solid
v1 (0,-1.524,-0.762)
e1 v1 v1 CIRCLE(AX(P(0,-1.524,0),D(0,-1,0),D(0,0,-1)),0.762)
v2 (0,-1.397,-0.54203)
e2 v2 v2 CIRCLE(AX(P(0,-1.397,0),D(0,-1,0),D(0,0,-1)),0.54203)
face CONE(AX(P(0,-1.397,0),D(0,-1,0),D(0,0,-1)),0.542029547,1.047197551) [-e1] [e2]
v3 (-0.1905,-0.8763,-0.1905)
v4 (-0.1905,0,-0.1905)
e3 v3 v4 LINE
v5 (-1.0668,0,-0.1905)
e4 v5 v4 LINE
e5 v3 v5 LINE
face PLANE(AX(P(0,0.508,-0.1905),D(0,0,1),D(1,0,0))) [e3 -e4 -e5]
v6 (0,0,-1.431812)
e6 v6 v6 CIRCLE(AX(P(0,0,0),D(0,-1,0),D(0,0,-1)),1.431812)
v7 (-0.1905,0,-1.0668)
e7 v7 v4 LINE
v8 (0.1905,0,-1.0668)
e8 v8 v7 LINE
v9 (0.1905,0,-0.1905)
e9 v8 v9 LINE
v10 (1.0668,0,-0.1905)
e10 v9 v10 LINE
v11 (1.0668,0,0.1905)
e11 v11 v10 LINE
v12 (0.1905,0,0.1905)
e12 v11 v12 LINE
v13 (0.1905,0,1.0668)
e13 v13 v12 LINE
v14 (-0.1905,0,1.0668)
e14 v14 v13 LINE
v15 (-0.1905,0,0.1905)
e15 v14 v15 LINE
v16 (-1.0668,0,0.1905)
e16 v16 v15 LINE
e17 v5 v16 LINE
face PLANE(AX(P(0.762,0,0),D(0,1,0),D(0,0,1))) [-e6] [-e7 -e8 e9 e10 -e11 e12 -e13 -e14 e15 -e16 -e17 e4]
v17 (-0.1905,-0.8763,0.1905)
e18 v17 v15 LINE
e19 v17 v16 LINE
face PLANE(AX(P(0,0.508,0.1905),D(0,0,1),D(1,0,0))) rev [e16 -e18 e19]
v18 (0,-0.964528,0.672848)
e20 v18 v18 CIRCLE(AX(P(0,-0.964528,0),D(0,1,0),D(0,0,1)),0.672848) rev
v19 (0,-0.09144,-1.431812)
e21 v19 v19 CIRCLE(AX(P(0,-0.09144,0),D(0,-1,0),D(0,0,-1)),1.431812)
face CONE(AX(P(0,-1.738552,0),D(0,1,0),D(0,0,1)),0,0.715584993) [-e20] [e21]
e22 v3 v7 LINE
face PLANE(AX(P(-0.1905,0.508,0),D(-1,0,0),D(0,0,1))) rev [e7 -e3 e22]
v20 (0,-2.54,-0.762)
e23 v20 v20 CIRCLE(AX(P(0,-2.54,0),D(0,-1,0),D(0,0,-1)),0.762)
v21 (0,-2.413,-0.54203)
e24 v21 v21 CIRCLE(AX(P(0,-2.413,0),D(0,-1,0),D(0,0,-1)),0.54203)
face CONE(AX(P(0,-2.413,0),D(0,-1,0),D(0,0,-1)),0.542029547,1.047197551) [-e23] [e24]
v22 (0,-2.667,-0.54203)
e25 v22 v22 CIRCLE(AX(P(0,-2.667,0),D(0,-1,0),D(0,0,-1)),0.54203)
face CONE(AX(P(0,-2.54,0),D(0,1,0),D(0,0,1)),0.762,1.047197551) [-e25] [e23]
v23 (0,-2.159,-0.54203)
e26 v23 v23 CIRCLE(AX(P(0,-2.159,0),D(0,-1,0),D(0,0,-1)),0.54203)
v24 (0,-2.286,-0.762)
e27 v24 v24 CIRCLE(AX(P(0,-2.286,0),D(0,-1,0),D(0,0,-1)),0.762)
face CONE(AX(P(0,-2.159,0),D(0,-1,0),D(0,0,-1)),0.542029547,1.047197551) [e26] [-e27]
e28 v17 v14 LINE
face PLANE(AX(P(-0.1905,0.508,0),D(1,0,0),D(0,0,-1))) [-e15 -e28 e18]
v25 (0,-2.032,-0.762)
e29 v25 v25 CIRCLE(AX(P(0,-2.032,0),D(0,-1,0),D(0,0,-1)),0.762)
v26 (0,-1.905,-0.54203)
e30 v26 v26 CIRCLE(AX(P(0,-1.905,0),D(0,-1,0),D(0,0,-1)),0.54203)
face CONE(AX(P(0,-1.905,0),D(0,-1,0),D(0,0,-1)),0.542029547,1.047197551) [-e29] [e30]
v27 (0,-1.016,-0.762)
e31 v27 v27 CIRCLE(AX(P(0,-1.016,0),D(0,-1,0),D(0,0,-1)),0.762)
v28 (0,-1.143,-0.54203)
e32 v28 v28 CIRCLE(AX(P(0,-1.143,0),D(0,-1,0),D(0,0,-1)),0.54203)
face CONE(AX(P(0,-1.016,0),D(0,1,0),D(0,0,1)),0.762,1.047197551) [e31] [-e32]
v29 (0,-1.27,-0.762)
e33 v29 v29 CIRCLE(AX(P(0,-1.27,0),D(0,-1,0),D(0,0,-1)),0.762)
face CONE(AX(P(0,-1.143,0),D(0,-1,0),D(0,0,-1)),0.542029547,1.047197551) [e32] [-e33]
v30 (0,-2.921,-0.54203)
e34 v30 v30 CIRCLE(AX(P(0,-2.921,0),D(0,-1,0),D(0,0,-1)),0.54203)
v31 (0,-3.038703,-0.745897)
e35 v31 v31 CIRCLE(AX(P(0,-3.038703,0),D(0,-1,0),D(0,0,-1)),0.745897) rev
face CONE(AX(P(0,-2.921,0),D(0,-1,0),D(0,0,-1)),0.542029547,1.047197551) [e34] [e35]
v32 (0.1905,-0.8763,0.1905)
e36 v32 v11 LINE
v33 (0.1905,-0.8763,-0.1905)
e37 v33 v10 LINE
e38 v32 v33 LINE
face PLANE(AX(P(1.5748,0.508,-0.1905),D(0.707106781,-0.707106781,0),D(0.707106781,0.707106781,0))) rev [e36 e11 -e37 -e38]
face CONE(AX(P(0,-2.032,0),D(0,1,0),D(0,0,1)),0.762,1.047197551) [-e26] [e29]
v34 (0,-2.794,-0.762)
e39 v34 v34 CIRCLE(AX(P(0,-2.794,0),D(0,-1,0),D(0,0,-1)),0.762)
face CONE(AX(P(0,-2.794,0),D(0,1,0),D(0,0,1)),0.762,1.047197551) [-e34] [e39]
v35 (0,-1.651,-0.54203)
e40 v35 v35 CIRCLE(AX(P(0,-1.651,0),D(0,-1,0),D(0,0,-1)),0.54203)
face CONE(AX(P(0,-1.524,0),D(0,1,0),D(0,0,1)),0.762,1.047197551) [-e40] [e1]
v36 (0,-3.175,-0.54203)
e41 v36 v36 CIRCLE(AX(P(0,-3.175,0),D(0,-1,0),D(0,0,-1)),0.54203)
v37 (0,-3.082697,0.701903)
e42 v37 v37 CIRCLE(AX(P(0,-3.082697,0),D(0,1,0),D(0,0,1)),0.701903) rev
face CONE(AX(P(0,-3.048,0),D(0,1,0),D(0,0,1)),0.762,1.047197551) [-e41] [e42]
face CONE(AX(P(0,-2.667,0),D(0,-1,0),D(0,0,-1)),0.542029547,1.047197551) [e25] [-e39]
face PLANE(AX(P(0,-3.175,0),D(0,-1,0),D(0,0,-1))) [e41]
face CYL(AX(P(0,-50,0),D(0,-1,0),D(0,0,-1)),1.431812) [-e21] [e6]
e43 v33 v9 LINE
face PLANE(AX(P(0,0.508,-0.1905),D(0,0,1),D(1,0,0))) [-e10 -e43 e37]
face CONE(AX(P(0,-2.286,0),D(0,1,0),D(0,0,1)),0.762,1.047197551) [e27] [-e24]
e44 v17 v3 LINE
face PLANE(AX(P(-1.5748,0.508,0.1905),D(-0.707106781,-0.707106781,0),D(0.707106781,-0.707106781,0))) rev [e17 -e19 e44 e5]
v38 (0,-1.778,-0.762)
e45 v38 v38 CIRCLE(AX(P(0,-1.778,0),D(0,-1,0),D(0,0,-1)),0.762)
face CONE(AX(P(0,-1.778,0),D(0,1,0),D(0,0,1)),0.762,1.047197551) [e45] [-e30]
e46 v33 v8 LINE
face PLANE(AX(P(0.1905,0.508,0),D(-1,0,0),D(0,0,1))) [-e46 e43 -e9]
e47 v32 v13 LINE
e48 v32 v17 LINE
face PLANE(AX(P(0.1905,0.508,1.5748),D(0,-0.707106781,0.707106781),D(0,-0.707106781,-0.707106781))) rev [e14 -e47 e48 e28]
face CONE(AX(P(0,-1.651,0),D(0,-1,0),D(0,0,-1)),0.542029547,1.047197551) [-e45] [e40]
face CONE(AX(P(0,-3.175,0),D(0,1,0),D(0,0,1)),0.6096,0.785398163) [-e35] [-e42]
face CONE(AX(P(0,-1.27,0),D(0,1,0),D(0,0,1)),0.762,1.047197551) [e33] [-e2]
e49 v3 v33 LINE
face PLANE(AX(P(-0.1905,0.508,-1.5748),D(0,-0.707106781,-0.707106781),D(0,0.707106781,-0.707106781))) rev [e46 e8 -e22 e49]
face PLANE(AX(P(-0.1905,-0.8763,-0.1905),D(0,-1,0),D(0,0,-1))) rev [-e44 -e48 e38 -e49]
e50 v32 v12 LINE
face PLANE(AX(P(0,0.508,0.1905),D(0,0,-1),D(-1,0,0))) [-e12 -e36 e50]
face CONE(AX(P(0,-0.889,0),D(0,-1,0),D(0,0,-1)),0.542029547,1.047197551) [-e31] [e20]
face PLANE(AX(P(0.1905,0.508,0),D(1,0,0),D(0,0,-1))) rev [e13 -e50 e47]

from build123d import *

# Parameters (mm, degrees)
CUT_EXTRUDE1_DEPTH = 0.1905
CIRPATTERN1_COUNT  = 4


with BuildPart() as part:
    # Sketch3 → Shank Revolve ( driven ) (revolve)
    with BuildSketch(Plane.XY, mode=Mode.PRIVATE) as shank_revolve_driven_sk:
        Polygon((0, 0), (0, -3.175), (0.6096, -3.175), (0.762, -3.0226), (0.762, 0), align=None)
    revolve(shank_revolve_driven_sk.sketch.rotate(Axis((0, -50, 0), (0, 1, 0)), 90), axis=Axis((0, -50, 0), (0, 1, 0)))

    # Sketch4 → Thread Revolve Cut ( driven ) (revolve, cut)
    with BuildSketch(Plane.XY, mode=Mode.PRIVATE) as thread_revolve_cut_driven_sk:
        Polygon((0.542029547, 0.635), (0.762, 0.762), (1.27, 0.762), (1.27, -3.81), (0.762, -3.81), (0.542029547, -3.683), (0.762, -3.556), (0.542029547, -3.429), (0.762, -3.302), (0.542029547, -3.175), (0.762, -3.048), (0.542029547, -2.921), (0.762, -2.794), (0.542029547, -2.667), (0.762, -2.54), (0.542029547, -2.413), (0.762, -2.286), (0.542029547, -2.159), (0.762, -2.032), (0.542029547, -1.905), (0.762, -1.778), (0.542029547, -1.651), (0.762, -1.524), (0.542029547, -1.397), (0.762, -1.27), (0.542029547, -1.143), (0.762, -1.016), (0.542029547, -0.889), (0.762, -0.762), (0.542029547, -0.635), (0.762, -0.508), (0.542029547, -0.381), (0.762, -0.254), (0.542029547, -0.127), (0.762, 0), (0.542029547, 0.127), (0.762, 0.254), (0.542029547, 0.381), (0.762, 0.508), align=None)
    revolve(thread_revolve_cut_driven_sk.sketch.rotate(Axis((0, -50, 0), (0, 1, 0)), 90), axis=Axis((0, -50, 0), (0, 1, 0)), mode=Mode.SUBTRACT)

    # Sketch5 → Head Revolve ( driven ) (revolve)
    with BuildSketch(Plane.XY, mode=Mode.PRIVATE) as head_revolve_driven_sk:
        Polygon((0, 0), (1.431812421, 0), (1.431812421, -0.09144), (0, -1.738551774), align=None)
    revolve(head_revolve_driven_sk.sketch.rotate(Axis((0, -50, 0), (0, 1, 0)), 90), axis=Axis((0, -50, 0), (0, 1, 0)))

    # Sketch7 → Cut-Extrude1 (cut, symmetric)
    with BuildSketch(Plane(origin=(0, 0, 0), x_dir=(0, 0, -1), z_dir=(1, 0, 0))):
        Polygon((0, 0.508), (1.5748, 0.508), (0.1905, -0.8763), (0, -0.8763), align=None)
    cut_extrude1 = extrude(amount=CUT_EXTRUDE1_DEPTH, both=True, mode=Mode.SUBTRACT)

    # CirPattern1: Cut-Extrude1 ×4 about axis
    cirpattern1_axis = Axis((0, 0, 0), (0, 1, 0))
    for i in range(1, CIRPATTERN1_COUNT):
        add(cut_extrude1.rotate(cirpattern1_axis, i * 360 / CIRPATTERN1_COUNT), mode=Mode.SUBTRACT)


solid = part.part
